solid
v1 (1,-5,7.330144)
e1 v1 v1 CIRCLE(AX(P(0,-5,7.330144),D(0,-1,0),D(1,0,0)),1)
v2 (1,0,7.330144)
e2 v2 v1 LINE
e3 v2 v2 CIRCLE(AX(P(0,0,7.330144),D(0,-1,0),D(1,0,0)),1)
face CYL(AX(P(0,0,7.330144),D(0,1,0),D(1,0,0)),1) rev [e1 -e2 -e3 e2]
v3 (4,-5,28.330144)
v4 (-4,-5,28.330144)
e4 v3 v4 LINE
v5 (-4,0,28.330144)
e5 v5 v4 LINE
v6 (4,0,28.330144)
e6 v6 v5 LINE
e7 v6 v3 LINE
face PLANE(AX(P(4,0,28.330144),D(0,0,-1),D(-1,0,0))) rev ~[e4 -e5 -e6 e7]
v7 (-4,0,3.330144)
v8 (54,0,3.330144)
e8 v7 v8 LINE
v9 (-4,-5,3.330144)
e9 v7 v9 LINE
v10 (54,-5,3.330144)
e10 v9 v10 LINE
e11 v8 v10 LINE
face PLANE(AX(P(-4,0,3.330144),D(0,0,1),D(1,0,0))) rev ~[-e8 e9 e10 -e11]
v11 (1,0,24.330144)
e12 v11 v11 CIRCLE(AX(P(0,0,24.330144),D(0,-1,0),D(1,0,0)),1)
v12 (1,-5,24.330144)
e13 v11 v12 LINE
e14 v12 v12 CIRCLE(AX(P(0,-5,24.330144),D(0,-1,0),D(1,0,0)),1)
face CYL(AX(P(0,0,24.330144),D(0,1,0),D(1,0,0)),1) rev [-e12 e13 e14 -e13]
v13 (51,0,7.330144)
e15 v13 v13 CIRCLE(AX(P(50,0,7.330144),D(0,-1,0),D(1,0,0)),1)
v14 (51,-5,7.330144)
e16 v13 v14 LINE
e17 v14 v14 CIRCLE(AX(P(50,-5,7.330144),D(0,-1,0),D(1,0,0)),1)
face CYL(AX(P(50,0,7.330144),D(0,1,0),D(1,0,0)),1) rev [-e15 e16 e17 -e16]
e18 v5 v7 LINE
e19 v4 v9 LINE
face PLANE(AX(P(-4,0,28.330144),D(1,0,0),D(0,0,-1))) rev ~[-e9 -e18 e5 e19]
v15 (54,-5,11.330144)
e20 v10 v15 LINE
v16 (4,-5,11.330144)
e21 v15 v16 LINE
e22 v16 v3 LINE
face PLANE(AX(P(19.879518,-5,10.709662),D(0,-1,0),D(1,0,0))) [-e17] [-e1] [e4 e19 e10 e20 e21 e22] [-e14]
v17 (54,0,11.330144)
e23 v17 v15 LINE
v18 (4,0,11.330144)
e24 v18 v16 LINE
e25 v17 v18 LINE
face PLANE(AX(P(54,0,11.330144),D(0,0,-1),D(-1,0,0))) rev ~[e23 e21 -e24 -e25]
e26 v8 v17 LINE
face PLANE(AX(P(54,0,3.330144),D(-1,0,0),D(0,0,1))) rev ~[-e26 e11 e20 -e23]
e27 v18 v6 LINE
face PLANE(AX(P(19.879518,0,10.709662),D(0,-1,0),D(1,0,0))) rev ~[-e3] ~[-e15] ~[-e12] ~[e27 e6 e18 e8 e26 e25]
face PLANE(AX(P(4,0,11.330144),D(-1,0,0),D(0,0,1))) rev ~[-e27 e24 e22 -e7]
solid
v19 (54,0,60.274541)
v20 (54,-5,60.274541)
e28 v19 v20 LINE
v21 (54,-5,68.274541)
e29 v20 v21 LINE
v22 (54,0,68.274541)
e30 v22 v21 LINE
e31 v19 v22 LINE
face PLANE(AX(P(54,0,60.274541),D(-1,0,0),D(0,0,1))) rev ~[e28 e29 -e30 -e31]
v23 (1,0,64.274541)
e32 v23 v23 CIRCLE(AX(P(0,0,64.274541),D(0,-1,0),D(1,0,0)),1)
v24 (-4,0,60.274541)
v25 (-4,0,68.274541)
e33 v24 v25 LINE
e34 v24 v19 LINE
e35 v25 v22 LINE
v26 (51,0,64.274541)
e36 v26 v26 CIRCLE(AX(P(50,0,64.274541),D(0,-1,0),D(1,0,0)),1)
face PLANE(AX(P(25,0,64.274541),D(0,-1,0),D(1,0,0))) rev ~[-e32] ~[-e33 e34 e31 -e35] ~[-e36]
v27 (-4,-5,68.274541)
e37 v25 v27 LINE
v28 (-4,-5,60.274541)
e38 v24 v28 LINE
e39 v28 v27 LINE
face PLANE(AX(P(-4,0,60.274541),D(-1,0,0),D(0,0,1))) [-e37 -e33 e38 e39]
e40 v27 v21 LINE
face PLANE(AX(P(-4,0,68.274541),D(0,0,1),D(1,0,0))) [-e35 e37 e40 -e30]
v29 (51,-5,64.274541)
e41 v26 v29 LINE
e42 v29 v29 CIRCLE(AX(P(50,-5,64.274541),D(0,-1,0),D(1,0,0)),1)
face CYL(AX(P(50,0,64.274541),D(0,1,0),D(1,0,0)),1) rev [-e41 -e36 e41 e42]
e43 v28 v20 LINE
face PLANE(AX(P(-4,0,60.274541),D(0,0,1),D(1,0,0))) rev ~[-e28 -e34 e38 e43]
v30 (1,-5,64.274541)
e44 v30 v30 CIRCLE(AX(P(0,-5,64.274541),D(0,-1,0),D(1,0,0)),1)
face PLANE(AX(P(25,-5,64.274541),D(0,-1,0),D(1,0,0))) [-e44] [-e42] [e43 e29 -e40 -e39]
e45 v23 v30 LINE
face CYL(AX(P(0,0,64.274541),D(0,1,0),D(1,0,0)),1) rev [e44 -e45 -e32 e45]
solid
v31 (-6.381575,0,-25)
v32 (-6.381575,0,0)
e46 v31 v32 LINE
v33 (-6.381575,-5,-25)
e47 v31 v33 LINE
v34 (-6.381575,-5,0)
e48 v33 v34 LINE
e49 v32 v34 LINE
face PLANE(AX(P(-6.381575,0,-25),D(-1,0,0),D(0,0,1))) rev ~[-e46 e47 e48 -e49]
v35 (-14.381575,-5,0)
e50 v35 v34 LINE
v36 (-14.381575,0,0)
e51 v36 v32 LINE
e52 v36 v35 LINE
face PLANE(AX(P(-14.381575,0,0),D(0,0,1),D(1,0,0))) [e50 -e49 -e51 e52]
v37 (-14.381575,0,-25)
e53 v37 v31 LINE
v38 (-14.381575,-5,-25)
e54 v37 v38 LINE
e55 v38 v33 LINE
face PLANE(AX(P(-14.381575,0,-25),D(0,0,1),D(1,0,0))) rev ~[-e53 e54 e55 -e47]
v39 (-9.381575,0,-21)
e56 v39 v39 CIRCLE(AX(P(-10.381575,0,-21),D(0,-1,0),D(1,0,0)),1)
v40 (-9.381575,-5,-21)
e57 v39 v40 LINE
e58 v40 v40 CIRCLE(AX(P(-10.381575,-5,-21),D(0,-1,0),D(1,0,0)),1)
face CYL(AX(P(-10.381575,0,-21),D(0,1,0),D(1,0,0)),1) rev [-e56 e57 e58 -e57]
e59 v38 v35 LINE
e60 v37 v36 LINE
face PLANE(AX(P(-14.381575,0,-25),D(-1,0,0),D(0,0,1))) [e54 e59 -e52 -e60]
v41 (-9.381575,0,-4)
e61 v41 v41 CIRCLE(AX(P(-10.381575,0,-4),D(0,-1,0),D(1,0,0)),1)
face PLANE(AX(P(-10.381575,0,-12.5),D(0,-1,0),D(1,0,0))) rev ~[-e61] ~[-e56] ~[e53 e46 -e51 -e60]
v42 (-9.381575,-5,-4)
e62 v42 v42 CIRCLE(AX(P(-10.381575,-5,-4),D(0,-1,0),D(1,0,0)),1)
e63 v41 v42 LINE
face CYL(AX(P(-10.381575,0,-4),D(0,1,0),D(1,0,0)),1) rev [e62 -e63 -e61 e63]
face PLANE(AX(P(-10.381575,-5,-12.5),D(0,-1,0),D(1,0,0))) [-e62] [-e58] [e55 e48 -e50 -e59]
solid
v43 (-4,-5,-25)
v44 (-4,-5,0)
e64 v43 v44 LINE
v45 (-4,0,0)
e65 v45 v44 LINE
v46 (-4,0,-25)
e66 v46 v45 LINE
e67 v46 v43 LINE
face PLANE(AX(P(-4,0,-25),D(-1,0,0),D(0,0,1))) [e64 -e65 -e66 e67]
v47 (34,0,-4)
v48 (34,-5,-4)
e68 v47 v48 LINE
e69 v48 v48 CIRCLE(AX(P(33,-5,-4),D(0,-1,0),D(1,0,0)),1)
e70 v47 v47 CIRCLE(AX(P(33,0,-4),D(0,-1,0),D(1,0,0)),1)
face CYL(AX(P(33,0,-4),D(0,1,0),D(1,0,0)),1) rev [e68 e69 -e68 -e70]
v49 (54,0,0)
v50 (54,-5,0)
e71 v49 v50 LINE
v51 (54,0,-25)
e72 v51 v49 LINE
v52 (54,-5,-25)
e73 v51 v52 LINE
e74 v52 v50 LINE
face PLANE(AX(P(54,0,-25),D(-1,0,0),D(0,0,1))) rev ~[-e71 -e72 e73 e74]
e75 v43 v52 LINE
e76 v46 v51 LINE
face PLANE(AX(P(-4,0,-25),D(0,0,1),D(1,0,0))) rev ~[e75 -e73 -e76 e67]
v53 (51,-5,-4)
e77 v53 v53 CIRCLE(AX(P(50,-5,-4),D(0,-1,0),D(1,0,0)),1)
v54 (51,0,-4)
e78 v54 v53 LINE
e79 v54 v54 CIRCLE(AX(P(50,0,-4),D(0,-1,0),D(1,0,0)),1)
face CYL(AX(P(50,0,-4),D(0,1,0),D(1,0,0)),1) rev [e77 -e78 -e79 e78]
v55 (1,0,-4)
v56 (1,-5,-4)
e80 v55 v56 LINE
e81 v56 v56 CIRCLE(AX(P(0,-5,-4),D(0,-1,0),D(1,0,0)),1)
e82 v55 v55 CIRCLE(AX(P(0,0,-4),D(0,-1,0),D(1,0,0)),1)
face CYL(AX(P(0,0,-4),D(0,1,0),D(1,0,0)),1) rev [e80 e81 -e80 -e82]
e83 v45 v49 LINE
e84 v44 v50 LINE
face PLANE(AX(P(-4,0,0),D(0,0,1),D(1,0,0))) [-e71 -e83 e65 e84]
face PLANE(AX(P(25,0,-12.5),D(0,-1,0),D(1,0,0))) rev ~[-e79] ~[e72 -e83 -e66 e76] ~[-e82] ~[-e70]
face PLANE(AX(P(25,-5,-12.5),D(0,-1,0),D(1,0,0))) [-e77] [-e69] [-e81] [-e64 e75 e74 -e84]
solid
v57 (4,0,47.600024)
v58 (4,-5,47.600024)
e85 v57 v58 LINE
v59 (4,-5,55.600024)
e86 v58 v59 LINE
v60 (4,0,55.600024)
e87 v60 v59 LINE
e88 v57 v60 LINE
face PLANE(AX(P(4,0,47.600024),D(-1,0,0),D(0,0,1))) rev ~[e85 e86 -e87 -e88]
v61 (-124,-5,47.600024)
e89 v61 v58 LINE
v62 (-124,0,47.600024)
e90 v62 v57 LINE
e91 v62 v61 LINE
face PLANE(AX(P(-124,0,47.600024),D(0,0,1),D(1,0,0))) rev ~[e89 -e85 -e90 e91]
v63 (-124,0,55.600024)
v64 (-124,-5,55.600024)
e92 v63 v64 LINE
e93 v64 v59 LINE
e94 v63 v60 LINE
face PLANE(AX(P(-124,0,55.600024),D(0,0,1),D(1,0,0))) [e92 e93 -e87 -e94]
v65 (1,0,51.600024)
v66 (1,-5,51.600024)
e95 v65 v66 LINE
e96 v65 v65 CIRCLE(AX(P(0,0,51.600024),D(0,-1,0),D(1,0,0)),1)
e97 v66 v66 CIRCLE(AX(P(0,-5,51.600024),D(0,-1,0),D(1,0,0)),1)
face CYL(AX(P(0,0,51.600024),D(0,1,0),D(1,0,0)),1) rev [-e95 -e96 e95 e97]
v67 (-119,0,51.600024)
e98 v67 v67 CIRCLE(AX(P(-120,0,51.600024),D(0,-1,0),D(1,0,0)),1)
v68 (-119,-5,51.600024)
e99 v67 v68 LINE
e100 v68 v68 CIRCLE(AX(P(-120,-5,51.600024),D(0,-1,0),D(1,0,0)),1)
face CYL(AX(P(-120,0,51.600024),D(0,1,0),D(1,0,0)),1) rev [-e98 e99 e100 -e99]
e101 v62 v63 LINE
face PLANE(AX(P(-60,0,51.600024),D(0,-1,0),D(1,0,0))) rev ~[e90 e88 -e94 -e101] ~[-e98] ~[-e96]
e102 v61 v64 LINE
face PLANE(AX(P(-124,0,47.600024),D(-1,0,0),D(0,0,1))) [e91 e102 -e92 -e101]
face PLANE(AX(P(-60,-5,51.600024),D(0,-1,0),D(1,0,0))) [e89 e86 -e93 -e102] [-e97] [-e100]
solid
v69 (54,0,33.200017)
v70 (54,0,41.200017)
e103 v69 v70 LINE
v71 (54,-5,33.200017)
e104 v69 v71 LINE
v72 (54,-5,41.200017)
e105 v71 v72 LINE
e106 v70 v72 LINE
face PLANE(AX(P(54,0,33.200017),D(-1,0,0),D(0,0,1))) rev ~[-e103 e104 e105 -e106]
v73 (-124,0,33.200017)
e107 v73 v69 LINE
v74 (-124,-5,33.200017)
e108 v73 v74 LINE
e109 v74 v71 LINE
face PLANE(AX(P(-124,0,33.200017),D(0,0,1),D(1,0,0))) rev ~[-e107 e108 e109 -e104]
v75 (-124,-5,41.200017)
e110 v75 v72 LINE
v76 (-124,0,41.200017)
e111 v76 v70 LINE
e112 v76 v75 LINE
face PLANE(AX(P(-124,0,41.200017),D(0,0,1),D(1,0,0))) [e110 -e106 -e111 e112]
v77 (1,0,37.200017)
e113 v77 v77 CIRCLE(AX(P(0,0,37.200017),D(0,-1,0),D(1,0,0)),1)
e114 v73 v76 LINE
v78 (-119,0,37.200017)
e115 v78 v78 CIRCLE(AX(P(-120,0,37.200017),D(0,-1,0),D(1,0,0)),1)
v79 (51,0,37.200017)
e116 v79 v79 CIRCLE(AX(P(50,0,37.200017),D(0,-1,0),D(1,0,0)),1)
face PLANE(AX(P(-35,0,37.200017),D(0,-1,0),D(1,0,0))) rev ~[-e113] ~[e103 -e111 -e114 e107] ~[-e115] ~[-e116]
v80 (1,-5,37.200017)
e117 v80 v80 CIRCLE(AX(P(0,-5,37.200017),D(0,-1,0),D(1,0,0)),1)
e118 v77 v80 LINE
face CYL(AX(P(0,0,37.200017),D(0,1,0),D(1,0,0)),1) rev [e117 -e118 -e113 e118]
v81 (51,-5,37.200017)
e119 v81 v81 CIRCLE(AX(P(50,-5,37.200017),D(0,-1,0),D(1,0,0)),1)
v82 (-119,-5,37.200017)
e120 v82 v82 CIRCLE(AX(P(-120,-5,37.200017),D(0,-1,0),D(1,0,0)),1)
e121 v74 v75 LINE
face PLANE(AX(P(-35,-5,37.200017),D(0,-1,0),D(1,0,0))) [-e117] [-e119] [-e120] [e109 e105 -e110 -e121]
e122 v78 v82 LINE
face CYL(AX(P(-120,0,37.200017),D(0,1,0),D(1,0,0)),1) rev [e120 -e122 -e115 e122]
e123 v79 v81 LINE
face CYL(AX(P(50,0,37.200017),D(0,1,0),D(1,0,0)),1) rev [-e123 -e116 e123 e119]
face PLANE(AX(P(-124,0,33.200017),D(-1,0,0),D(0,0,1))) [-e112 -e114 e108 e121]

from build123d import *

# Parameters (mm, degrees)
F0_W     = 58
F0_H     = 8
F0_R     = 1
F1_DEPTH = 5
F0_W_2   = 128
F0_W_3   = 178
F0_W_4   = 8
F0_H_2   = 25


with BuildPart() as f1:
    # F0 (on Front) → F1 (new body)
    with BuildSketch(Plane.XZ):
        with Locations((25, 64.274541378)):
            Rectangle(F0_W, F0_H)
        with Locations((0, 64.274541378)):
            Circle(F0_R, mode=Mode.SUBTRACT)
        with Locations((50, 64.274541378)):
            Circle(F0_R, mode=Mode.SUBTRACT)
    extrude(amount=F1_DEPTH)


with BuildPart() as f1b:
    # F0 (on Front) → F1, piece 2 (new body)
    with BuildSketch(Plane.XZ):
        with Locations((-60, 51.6000244266)):
            Rectangle(F0_W_2, F0_H)
        with Locations((-120, 51.6000244266)):
            Circle(F0_R, mode=Mode.SUBTRACT)
        with Locations((0, 51.6000244266)):
            Circle(F0_R, mode=Mode.SUBTRACT)
    extrude(amount=F1_DEPTH)


with BuildPart() as f1c:
    # F0 (on Front) → F1, piece 3 (new body)
    with BuildSketch(Plane.XZ):
        with Locations((-35, 37.2000169107)):
            Rectangle(F0_W_3, F0_H)
        with Locations((-120, 37.2000169107)):
            Circle(F0_R, mode=Mode.SUBTRACT)
        with Locations((0, 37.2000169107)):
            Circle(F0_R, mode=Mode.SUBTRACT)
        with Locations((50, 37.2000169107)):
            Circle(F0_R, mode=Mode.SUBTRACT)
    extrude(amount=F1_DEPTH)


with BuildPart() as f1d:
    # F0 (on Front) → F1, piece 4 (new body)
    with BuildSketch(Plane.XZ):
        Polygon((4, 28.3301443327), (-4, 28.3301443327), (-4, 3.3301443327), (54, 3.3301443327), (54, 11.3301443327), (4, 11.3301443327), align=None)
        with Locations((0, 7.3301443327)):
            Circle(F0_R, mode=Mode.SUBTRACT)
        with Locations((50, 7.3301443327)):
            Circle(F0_R, mode=Mode.SUBTRACT)
        with Locations((0, 24.3301443327)):
            Circle(F0_R, mode=Mode.SUBTRACT)
    extrude(amount=F1_DEPTH)


with BuildPart() as f1e:
    # F0 (on Front) → F1, piece 5 (new body)
    with BuildSketch(Plane.XZ):
        with Locations((-10.3815753981, -12.5)):
            Rectangle(F0_W_4, F0_H_2)
        with Locations((-10.3815753981, -21)):
            Circle(F0_R, mode=Mode.SUBTRACT)
        with Locations((-10.3815753981, -4)):
            Circle(F0_R, mode=Mode.SUBTRACT)
    extrude(amount=F1_DEPTH)


with BuildPart() as f1f:
    # F0 (on Front) → F1, piece 6 (new body)
    with BuildSketch(Plane.XZ):
        with Locations((25, -12.5)):
            Rectangle(F0_W, F0_H_2)
        with Locations((0, -4)):
            Circle(F0_R, mode=Mode.SUBTRACT)
        with Locations((33, -4)):
            Circle(F0_R, mode=Mode.SUBTRACT)
        with Locations((50, -4)):
            Circle(F0_R, mode=Mode.SUBTRACT)
    extrude(amount=F1_DEPTH)


solid = Compound([f1.part, f1b.part, f1c.part, f1d.part, f1e.part, f1f.part])
